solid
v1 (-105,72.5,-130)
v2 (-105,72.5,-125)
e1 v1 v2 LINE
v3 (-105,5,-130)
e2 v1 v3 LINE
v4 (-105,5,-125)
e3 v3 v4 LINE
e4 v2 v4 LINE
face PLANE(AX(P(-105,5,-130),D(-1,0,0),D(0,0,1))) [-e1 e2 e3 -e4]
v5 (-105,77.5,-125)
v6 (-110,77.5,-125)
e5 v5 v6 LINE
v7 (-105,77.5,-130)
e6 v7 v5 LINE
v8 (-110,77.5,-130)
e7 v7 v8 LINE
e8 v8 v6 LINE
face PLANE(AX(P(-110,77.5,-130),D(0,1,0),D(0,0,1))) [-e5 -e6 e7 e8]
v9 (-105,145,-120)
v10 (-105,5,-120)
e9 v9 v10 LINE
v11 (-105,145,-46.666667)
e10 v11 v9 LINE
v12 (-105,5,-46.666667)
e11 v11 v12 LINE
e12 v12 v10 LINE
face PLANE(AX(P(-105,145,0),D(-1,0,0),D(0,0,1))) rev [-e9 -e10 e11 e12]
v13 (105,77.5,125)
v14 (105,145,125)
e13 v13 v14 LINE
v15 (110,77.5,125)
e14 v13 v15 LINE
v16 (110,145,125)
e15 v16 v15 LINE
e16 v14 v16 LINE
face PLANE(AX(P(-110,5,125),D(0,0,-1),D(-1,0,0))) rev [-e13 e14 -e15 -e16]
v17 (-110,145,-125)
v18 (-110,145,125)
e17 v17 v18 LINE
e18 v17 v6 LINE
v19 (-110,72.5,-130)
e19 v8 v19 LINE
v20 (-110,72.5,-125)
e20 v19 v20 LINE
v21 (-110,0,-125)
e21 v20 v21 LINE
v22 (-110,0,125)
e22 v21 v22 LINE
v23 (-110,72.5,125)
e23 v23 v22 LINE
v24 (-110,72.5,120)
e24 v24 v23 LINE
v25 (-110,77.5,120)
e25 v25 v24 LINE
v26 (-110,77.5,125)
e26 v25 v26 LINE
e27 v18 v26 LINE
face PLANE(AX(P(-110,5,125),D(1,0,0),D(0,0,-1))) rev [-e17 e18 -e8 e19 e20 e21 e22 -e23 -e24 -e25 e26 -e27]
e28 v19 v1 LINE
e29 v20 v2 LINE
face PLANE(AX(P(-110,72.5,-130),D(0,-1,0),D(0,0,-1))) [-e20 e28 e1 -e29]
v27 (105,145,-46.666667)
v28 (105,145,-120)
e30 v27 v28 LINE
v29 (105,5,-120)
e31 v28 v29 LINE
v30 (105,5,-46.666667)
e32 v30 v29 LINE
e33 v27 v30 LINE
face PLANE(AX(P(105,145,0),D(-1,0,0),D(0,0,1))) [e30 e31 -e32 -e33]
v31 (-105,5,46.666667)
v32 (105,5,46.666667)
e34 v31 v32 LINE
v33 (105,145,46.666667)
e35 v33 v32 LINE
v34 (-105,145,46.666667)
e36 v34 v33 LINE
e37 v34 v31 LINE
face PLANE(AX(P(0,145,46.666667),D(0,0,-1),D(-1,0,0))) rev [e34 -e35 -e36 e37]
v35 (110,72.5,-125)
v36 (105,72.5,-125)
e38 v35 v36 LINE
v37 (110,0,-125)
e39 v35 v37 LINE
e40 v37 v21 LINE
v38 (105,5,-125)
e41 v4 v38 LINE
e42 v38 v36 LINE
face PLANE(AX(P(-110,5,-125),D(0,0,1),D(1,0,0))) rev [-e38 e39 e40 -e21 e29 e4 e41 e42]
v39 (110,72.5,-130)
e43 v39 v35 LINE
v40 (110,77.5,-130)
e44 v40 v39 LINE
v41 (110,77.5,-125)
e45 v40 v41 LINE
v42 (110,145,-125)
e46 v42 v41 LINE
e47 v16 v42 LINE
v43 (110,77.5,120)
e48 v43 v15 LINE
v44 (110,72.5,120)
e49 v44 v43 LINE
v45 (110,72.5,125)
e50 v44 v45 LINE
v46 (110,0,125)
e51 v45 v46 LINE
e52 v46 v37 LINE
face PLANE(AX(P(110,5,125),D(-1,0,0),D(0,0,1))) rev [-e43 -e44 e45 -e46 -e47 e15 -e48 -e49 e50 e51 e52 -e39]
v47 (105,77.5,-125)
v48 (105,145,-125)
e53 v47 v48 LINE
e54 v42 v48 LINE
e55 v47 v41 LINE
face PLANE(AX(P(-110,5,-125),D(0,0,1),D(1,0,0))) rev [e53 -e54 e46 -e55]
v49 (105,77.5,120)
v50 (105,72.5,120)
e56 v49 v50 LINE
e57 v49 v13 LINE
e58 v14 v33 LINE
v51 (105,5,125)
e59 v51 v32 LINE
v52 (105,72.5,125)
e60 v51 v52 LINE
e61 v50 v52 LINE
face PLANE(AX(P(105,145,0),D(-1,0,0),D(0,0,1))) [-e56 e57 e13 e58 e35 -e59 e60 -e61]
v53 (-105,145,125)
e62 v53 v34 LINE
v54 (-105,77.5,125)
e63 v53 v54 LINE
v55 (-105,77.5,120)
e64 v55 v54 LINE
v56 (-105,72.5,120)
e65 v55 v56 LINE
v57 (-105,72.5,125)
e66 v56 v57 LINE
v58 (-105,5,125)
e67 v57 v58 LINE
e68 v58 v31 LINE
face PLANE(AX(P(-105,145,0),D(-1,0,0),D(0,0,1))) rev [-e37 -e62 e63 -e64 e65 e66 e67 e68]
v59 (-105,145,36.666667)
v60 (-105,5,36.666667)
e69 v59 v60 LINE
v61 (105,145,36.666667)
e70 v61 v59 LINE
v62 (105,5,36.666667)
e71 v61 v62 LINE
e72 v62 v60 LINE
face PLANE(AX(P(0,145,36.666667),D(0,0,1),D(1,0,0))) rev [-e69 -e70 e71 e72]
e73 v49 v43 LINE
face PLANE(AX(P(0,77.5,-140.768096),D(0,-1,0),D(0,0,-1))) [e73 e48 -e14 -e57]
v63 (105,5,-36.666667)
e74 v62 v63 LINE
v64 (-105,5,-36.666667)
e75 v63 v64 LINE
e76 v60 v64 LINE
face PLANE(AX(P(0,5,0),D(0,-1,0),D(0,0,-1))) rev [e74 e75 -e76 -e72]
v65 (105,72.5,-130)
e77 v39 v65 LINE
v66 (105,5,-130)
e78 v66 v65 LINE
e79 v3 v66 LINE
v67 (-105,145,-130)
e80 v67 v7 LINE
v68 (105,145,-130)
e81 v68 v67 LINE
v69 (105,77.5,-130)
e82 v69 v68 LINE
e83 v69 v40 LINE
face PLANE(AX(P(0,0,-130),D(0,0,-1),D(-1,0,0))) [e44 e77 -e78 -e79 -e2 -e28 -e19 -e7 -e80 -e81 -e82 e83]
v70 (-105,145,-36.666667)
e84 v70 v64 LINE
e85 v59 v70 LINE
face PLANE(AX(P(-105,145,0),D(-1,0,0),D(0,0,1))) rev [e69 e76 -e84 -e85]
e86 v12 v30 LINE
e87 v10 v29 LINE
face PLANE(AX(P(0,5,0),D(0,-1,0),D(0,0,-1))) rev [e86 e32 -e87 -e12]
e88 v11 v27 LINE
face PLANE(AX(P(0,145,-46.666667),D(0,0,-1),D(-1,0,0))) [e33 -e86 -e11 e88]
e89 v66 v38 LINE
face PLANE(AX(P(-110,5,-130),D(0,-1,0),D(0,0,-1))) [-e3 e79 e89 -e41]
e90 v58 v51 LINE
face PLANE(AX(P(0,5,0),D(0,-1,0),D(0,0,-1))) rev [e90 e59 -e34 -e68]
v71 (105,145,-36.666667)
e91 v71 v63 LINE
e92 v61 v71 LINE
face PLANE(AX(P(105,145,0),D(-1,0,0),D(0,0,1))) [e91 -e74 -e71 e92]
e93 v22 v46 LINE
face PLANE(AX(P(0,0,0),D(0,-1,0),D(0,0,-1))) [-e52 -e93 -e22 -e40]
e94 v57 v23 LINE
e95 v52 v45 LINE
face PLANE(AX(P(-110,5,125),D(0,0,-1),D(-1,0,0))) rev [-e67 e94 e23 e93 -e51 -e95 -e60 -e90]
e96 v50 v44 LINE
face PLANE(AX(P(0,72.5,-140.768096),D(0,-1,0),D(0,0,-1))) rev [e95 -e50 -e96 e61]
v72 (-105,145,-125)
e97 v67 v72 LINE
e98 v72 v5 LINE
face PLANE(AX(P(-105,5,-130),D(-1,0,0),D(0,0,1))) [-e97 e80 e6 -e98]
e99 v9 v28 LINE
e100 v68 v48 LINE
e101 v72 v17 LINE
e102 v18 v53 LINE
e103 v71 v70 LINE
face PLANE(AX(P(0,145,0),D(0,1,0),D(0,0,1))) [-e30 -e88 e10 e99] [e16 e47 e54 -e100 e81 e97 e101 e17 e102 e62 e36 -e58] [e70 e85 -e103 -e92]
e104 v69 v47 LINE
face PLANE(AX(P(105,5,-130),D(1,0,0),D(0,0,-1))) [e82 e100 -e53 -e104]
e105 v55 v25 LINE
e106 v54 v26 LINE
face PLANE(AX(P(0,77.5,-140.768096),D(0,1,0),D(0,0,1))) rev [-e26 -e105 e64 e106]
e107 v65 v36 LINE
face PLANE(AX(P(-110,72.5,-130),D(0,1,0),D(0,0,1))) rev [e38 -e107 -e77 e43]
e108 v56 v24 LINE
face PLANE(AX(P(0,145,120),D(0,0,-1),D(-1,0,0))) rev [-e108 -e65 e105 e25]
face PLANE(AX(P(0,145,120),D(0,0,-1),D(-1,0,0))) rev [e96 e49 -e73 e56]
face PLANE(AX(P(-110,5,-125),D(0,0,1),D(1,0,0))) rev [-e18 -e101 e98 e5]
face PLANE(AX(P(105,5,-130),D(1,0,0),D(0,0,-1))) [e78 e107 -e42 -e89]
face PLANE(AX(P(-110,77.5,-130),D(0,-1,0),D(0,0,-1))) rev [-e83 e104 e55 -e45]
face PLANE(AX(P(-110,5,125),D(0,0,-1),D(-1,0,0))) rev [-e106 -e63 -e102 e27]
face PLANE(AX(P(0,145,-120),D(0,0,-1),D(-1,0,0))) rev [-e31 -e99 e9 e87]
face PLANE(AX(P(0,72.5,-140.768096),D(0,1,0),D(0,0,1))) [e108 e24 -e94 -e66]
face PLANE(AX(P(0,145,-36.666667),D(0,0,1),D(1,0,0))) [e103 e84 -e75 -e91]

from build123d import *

# Parameters (mm, degrees)
SKETCH1_W           = 220
SKETCH1_H           = 250
BOSS_EXTRUDE1_DEPTH = 5
SKETCH2_W           = 220
SKETCH2_H           = 250
SKETCH2_W_2         = 210
SKETCH2_H_2         = 73.333333333
SKETCH2_H_3         = 73.333333334
BOSS_EXTRUDE2_DEPTH = 140
SKETCH3_W           = 5
SKETCH3_H           = 5
CUT_EXTRUDE1_DEPTH  = 5
BOSS_EXTRUDE3_START = -5
BOSS_EXTRUDE3_DEPTH = 5


with BuildPart() as part:
    # Sketch1 → Boss-Extrude1 (new body)
    with BuildSketch(Plane(origin=(0, 0, 0), x_dir=(1, 0, 0), z_dir=(0, 1, 0))):
        Rectangle(SKETCH1_W, SKETCH1_H)
    extrude(amount=BOSS_EXTRUDE1_DEPTH)

    # Sketch2 → Boss-Extrude2 (add)
    with BuildSketch(Plane(origin=(0, 5, 0), x_dir=(1, 0, 0), z_dir=(0, 1, 0))):
        Rectangle(SKETCH2_W, SKETCH2_H)
        with Locations((0, 83.333333334)):
            Rectangle(SKETCH2_W_2, SKETCH2_H_2, mode=Mode.SUBTRACT)
        with Locations((0, -83.333333334)):
            Rectangle(SKETCH2_W_2, SKETCH2_H_2, mode=Mode.SUBTRACT)
        Rectangle(SKETCH2_W_2, SKETCH2_H_3, mode=Mode.SUBTRACT)
    extrude(amount=BOSS_EXTRUDE2_DEPTH)

    # Sketch3 → Cut-Extrude1 (cut)
    with BuildSketch(Plane.XY.offset(125)):
        Polygon((-105, 145), (-105, 77.5), (-105, 72.5), (-105, 5), (105, 5), (105, 72.5), (105, 77.5), (105, 145), align=None)
        with Locations((107.5, 75)):
            Rectangle(SKETCH3_W, SKETCH3_H)
        with Locations((-107.5, 75)):
            Rectangle(SKETCH3_W, SKETCH3_H)
    extrude(amount=-CUT_EXTRUDE1_DEPTH, mode=Mode.SUBTRACT)

    # Sketch4 → Boss-Extrude3 (add)
    with BuildSketch(Plane.XY.offset(-120).offset(BOSS_EXTRUDE3_START)):
        Polygon((105, 145), (-105, 145), (-105, 77.5), (-110, 77.5), (-110, 72.5), (-105, 72.5), (-105, 5), (105, 5), (105, 72.5), (110, 72.5), (110, 77.5), (105, 77.5), align=None)
    extrude(amount=-BOSS_EXTRUDE3_DEPTH)


solid = part.part
